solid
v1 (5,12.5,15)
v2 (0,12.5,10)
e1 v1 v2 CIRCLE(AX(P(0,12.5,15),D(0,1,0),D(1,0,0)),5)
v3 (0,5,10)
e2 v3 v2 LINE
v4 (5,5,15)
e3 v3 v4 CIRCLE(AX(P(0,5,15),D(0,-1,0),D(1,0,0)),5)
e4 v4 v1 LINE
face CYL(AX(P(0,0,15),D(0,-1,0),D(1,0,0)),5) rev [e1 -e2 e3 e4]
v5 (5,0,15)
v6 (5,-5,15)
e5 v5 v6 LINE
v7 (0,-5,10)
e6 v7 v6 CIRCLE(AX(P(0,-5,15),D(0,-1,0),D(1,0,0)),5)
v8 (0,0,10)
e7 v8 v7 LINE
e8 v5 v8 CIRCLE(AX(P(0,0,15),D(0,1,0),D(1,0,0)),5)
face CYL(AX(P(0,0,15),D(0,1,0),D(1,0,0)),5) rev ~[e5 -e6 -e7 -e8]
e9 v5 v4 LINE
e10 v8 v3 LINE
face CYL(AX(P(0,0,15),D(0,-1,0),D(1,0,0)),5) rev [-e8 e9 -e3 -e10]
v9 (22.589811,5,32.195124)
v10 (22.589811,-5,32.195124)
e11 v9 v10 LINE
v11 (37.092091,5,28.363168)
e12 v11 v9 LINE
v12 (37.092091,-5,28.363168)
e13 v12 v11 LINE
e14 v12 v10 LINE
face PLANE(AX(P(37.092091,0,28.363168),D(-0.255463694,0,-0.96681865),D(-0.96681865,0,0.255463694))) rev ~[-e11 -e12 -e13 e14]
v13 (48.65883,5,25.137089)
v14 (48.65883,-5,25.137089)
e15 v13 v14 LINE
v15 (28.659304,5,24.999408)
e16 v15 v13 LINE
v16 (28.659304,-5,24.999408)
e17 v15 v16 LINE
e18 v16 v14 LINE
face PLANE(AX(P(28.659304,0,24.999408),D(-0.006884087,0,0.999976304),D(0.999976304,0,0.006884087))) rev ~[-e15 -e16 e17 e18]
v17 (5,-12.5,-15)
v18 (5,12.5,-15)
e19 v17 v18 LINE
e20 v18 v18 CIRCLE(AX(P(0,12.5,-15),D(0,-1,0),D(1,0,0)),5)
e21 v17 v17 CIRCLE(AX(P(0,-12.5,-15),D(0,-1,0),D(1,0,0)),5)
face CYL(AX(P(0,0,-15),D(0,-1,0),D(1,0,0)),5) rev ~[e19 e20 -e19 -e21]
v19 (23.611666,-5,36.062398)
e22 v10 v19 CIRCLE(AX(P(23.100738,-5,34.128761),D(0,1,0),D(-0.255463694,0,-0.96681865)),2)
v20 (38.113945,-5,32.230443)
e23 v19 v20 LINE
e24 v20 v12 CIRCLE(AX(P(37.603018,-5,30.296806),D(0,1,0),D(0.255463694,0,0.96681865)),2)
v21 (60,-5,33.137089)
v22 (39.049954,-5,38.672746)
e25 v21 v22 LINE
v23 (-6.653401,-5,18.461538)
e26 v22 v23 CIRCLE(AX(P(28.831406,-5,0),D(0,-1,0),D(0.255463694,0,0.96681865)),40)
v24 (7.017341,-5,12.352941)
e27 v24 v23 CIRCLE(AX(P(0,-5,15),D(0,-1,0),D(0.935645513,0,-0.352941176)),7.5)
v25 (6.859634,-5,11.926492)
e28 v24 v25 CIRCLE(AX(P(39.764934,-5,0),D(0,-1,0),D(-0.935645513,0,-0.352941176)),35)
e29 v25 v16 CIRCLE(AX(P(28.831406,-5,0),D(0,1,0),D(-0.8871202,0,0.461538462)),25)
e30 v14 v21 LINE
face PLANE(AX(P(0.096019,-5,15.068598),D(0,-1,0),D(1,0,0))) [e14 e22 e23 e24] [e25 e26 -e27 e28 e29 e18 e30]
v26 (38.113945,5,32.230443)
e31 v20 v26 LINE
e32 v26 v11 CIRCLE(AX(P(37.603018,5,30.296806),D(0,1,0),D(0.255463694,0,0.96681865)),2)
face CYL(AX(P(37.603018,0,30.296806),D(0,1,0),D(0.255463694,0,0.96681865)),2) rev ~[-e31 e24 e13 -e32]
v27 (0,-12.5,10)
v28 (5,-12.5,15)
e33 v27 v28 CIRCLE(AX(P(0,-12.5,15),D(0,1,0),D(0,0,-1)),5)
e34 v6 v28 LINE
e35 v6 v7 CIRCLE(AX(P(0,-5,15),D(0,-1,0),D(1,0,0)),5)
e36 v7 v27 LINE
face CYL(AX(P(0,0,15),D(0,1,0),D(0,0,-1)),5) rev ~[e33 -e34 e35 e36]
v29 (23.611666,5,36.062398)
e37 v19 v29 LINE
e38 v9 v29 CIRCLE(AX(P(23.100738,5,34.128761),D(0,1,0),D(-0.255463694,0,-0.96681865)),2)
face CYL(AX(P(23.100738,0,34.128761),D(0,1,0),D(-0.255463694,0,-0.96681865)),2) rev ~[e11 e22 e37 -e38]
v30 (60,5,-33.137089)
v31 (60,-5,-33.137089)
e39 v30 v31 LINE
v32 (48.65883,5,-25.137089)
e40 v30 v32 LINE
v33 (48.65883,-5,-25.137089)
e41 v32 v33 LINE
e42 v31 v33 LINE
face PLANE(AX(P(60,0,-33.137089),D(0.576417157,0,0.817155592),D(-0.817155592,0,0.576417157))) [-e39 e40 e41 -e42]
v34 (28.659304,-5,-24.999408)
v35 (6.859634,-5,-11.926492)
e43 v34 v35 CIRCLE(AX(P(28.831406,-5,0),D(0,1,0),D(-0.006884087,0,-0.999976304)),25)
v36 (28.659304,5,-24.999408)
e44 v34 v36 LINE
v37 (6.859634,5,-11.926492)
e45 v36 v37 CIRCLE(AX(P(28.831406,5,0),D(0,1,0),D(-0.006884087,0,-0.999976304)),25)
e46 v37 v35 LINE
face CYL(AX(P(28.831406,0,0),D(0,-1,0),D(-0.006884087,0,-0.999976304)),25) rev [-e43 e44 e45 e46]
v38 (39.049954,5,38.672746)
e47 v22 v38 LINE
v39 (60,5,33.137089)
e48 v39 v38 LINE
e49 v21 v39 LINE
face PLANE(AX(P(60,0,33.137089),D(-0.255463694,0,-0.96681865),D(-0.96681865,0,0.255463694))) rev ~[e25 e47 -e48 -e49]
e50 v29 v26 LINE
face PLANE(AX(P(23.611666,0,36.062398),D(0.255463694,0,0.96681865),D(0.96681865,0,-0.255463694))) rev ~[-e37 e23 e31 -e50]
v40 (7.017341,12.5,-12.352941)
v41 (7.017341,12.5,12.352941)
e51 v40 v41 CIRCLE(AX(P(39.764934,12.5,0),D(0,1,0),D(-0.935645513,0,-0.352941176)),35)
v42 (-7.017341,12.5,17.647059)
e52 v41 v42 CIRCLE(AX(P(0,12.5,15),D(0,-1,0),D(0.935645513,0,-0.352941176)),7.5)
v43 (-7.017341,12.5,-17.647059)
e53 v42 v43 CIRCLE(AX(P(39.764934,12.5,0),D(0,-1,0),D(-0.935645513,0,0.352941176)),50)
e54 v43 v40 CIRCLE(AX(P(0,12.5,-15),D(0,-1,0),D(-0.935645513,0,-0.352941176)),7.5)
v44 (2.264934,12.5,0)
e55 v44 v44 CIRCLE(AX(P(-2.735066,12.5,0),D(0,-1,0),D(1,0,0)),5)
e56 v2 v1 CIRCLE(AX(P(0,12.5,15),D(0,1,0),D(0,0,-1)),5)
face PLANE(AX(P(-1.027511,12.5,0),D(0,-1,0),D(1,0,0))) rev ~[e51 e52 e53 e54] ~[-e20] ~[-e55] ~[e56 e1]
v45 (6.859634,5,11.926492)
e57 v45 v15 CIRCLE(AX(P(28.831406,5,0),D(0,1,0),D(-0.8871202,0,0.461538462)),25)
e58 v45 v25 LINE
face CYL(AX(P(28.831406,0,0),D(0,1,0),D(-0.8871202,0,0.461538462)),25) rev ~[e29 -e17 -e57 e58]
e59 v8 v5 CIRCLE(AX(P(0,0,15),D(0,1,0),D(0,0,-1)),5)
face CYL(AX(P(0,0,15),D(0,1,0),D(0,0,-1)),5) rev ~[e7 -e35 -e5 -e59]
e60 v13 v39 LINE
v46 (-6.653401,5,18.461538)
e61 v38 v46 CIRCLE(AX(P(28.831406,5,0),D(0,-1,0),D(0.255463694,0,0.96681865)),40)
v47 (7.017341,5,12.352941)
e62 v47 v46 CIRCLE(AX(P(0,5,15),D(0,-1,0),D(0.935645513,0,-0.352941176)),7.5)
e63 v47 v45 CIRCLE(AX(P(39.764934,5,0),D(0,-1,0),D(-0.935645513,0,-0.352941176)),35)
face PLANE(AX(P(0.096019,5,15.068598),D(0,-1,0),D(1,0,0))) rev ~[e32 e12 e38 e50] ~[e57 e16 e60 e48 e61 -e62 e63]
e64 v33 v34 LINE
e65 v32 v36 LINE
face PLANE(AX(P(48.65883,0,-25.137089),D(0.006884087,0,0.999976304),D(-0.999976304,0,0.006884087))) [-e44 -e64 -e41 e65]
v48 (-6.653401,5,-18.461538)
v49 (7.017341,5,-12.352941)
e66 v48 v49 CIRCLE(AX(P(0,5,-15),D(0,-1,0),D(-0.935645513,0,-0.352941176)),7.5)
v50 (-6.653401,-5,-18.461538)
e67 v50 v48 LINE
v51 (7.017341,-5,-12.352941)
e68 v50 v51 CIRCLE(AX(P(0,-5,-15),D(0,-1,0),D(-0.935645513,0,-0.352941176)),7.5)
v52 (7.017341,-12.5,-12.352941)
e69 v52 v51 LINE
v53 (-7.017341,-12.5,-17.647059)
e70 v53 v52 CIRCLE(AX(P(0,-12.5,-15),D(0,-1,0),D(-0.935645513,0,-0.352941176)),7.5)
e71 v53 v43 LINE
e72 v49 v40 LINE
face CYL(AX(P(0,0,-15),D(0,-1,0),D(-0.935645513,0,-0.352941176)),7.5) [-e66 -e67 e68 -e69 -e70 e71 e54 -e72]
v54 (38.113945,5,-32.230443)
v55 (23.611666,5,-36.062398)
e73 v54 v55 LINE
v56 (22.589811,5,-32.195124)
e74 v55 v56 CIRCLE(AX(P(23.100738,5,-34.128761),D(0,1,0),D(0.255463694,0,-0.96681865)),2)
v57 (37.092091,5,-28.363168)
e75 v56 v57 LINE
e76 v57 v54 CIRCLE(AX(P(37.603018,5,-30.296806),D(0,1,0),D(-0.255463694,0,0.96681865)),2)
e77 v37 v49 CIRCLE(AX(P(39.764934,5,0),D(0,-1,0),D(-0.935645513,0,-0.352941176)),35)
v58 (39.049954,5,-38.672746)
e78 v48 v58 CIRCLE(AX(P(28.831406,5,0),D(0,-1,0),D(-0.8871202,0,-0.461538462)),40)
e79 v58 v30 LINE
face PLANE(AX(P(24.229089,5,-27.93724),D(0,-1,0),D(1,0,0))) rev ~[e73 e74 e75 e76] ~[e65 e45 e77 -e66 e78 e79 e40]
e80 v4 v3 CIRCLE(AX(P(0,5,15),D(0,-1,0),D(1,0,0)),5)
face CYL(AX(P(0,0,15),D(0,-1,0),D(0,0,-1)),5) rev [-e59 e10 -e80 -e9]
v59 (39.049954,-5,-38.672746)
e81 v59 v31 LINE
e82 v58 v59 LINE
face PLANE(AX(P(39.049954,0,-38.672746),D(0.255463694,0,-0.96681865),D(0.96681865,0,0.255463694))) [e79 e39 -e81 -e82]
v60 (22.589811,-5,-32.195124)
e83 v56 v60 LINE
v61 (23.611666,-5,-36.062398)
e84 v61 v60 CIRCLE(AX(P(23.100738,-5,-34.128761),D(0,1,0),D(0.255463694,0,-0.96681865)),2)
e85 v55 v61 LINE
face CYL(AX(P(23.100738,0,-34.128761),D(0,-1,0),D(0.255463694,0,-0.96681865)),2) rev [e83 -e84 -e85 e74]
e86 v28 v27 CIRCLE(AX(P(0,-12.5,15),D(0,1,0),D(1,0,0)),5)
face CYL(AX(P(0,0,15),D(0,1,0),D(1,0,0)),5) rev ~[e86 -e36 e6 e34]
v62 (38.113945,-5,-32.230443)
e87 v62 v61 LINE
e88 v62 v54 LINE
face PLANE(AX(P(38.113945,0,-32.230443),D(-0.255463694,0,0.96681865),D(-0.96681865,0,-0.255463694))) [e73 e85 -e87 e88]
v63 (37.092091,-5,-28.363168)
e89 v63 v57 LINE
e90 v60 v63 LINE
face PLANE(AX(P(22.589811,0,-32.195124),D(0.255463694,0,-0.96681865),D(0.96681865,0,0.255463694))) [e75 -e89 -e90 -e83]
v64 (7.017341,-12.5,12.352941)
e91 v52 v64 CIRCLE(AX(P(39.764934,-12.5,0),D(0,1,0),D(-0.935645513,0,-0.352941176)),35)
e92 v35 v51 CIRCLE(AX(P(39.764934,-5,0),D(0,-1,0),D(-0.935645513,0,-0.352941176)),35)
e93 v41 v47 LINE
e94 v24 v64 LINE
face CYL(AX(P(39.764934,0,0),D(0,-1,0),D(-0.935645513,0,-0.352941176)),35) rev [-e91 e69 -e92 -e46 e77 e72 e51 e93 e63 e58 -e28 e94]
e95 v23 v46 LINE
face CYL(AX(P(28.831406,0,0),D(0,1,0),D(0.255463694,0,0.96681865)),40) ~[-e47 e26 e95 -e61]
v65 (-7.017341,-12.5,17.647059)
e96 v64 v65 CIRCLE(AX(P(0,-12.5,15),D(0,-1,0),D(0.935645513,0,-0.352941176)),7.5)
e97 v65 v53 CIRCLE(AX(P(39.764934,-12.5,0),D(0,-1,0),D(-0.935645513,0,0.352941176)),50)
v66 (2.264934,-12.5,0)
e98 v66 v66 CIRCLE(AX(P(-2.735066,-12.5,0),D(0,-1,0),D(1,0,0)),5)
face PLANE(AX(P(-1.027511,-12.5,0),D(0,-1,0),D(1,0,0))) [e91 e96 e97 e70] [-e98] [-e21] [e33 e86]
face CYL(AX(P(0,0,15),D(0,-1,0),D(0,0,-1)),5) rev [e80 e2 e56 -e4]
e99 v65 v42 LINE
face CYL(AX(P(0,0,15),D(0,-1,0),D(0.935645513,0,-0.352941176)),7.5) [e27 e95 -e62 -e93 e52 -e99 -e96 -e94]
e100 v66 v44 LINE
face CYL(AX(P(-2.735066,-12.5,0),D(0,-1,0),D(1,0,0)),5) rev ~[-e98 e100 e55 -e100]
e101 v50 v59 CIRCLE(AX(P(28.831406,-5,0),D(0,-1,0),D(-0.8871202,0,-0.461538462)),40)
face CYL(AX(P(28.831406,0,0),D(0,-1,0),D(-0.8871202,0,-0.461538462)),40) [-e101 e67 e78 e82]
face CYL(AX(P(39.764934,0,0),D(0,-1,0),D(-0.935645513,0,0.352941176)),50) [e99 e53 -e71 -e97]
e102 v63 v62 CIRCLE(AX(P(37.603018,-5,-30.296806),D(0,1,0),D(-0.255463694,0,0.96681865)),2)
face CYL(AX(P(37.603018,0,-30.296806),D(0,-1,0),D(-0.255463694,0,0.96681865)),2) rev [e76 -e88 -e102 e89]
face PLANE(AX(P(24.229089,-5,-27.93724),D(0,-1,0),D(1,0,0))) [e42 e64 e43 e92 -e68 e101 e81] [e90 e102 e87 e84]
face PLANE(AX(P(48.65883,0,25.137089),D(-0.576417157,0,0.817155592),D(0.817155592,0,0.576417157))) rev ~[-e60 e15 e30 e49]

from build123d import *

# Parameters (mm, degrees)
F0_R     = 5
F2_DEPTH = 12.5
F1_R     = 5
F3_DEPTH = 5
F4_R     = 5
F5_DEPTH = 25.001


with BuildPart() as f2:
    # F0 (on Front) → F2 (new body, symmetric)
    with BuildSketch(Plane.XZ):
        with BuildLine():
            ThreePointArc((7.0173413473, -12.3529411765), (4.7649343015, 0), (7.0173413473, 12.3529411765))
            ThreePointArc((7.0173413473, 12.3529411765), (2.6470588235, 22.0173413473), (-7.0173413473, 17.6470588235))
            ThreePointArc((-7.0173413473, 17.6470588235), (-10.2350656985, 0), (-7.0173413473, -17.6470588235))
            ThreePointArc((-7.0173413473, -17.6470588235), (2.6470588235, -22.0173413473), (7.0173413473, -12.3529411765))
        make_face()
        with Locations((0, -15)):
            Circle(F0_R, mode=Mode.SUBTRACT)
        with BuildLine():
            ThreePointArc((0, 10), (-3.5355339059, 18.5355339059), (5, 15))
            ThreePointArc((5, 15), (3.5355339059, 11.4644660941), (0, 10))
        make_face(mode=Mode.SUBTRACT)
    extrude(amount=F2_DEPTH, both=True)

    # F1 (on Front) → F3 (join, symmetric)
    with BuildSketch(Plane.XZ):
        with BuildLine():
            ThreePointArc((6.6534014969, 11.5384615385), (7.2852766326, 13.2182187602), (7.5, 15))
            ThreePointArc((7.5, 15), (1.7817812398, 22.2852766326), (-6.6534014969, 18.4615384615))
            ThreePointArc((-6.6534014969, 18.4615384615), (-3.4615384615, 8.3465985031), (6.6534014969, 11.5384615385))
        make_face()
        with Locations((0, 15)):
            Circle(F1_R, mode=Mode.SUBTRACT)
        with BuildLine():
            ThreePointArc((-6.6534014969, 18.4615384615), (1.7817812398, 22.2852766326), (7.5, 15))
            ThreePointArc((7.5, 15), (7.2852766326, 13.2182187602), (6.6534014969, 11.5384615385))
            ThreePointArc((6.6534014969, 11.5384615385), (15.7860590482, 21.3264837751), (28.6593043172, 24.9994076098))
            Line((28.6593043172, 24.9994076098), (48.6588304051, 25.1370893454))
            Line((48.6588304051, 25.1370893454), (60, 33.1370893454))
            Line((60, 33.1370893454), (39.049954237, 38.6727459831))
            ThreePointArc((39.049954237, 38.6727459831), (12.6536685758, 36.5825203627), (-6.6534014969, 18.4615384615))
        make_face()
        with BuildLine():
            ThreePointArc((22.5898109777, 32.1951237944), (21.1671010661, 34.639688481), (23.6116657528, 36.0623983927))
            Line((23.6116657528, 36.0623983927), (38.1139454964, 32.2304429863))
            ThreePointArc((38.1139454964, 32.2304429863), (39.5366554081, 29.7858782997), (37.0920907214, 28.363168388))
            Line((37.0920907214, 28.363168388), (22.5898109777, 32.1951237944))
        make_face(mode=Mode.SUBTRACT)
        with BuildLine():
            ThreePointArc((-6.6534014969, -18.4615384615), (12.6536685758, -36.5825203627), (39.049954237, -38.6727459831))
            Line((39.049954237, -38.6727459831), (60, -33.1370893454))
            Line((60, -33.1370893454), (48.6588304051, -25.1370893454))
            Line((48.6588304051, -25.1370893454), (28.6593043172, -24.9994076098))
            ThreePointArc((28.6593043172, -24.9994076098), (15.7860590482, -21.3264837751), (6.6534014969, -11.5384615385))
            ThreePointArc((6.6534014969, -11.5384615385), (7.2852766326, -13.2182187602), (7.5, -15))
            ThreePointArc((7.5, -15), (1.7817812398, -22.2852766326), (-6.6534014969, -18.4615384615))
        make_face()
        with BuildLine():
            ThreePointArc((23.6116657528, -36.0623983927), (21.1671010661, -34.639688481), (22.5898109777, -32.1951237944))
            Line((22.5898109777, -32.1951237944), (37.0920907214, -28.363168388))
            ThreePointArc((37.0920907214, -28.363168388), (39.5366554081, -29.7858782997), (38.1139454964, -32.2304429863))
            Line((38.1139454964, -32.2304429863), (23.6116657528, -36.0623983927))
        make_face(mode=Mode.SUBTRACT)
        with BuildLine():
            ThreePointArc((6.6534014969, -11.5384615385), (-3.4615384615, -8.3465985031), (-6.6534014969, -18.4615384615))
            ThreePointArc((-6.6534014969, -18.4615384615), (1.7817812398, -22.2852766326), (7.5, -15))
            ThreePointArc((7.5, -15), (7.2852766326, -13.2182187602), (6.6534014969, -11.5384615385))
        make_face()
        with Locations((0, -15)):
            Circle(F1_R, mode=Mode.SUBTRACT)
    extrude(amount=F3_DEPTH, both=True)

    # F4 (on face) → F5 (cut, through all)
    with BuildSketch(Plane.XZ.offset(12.5)):
        with Locations((-2.7350656985, 0)):
            Circle(F4_R)
    extrude(amount=-F5_DEPTH, mode=Mode.SUBTRACT)


solid = f2.part
